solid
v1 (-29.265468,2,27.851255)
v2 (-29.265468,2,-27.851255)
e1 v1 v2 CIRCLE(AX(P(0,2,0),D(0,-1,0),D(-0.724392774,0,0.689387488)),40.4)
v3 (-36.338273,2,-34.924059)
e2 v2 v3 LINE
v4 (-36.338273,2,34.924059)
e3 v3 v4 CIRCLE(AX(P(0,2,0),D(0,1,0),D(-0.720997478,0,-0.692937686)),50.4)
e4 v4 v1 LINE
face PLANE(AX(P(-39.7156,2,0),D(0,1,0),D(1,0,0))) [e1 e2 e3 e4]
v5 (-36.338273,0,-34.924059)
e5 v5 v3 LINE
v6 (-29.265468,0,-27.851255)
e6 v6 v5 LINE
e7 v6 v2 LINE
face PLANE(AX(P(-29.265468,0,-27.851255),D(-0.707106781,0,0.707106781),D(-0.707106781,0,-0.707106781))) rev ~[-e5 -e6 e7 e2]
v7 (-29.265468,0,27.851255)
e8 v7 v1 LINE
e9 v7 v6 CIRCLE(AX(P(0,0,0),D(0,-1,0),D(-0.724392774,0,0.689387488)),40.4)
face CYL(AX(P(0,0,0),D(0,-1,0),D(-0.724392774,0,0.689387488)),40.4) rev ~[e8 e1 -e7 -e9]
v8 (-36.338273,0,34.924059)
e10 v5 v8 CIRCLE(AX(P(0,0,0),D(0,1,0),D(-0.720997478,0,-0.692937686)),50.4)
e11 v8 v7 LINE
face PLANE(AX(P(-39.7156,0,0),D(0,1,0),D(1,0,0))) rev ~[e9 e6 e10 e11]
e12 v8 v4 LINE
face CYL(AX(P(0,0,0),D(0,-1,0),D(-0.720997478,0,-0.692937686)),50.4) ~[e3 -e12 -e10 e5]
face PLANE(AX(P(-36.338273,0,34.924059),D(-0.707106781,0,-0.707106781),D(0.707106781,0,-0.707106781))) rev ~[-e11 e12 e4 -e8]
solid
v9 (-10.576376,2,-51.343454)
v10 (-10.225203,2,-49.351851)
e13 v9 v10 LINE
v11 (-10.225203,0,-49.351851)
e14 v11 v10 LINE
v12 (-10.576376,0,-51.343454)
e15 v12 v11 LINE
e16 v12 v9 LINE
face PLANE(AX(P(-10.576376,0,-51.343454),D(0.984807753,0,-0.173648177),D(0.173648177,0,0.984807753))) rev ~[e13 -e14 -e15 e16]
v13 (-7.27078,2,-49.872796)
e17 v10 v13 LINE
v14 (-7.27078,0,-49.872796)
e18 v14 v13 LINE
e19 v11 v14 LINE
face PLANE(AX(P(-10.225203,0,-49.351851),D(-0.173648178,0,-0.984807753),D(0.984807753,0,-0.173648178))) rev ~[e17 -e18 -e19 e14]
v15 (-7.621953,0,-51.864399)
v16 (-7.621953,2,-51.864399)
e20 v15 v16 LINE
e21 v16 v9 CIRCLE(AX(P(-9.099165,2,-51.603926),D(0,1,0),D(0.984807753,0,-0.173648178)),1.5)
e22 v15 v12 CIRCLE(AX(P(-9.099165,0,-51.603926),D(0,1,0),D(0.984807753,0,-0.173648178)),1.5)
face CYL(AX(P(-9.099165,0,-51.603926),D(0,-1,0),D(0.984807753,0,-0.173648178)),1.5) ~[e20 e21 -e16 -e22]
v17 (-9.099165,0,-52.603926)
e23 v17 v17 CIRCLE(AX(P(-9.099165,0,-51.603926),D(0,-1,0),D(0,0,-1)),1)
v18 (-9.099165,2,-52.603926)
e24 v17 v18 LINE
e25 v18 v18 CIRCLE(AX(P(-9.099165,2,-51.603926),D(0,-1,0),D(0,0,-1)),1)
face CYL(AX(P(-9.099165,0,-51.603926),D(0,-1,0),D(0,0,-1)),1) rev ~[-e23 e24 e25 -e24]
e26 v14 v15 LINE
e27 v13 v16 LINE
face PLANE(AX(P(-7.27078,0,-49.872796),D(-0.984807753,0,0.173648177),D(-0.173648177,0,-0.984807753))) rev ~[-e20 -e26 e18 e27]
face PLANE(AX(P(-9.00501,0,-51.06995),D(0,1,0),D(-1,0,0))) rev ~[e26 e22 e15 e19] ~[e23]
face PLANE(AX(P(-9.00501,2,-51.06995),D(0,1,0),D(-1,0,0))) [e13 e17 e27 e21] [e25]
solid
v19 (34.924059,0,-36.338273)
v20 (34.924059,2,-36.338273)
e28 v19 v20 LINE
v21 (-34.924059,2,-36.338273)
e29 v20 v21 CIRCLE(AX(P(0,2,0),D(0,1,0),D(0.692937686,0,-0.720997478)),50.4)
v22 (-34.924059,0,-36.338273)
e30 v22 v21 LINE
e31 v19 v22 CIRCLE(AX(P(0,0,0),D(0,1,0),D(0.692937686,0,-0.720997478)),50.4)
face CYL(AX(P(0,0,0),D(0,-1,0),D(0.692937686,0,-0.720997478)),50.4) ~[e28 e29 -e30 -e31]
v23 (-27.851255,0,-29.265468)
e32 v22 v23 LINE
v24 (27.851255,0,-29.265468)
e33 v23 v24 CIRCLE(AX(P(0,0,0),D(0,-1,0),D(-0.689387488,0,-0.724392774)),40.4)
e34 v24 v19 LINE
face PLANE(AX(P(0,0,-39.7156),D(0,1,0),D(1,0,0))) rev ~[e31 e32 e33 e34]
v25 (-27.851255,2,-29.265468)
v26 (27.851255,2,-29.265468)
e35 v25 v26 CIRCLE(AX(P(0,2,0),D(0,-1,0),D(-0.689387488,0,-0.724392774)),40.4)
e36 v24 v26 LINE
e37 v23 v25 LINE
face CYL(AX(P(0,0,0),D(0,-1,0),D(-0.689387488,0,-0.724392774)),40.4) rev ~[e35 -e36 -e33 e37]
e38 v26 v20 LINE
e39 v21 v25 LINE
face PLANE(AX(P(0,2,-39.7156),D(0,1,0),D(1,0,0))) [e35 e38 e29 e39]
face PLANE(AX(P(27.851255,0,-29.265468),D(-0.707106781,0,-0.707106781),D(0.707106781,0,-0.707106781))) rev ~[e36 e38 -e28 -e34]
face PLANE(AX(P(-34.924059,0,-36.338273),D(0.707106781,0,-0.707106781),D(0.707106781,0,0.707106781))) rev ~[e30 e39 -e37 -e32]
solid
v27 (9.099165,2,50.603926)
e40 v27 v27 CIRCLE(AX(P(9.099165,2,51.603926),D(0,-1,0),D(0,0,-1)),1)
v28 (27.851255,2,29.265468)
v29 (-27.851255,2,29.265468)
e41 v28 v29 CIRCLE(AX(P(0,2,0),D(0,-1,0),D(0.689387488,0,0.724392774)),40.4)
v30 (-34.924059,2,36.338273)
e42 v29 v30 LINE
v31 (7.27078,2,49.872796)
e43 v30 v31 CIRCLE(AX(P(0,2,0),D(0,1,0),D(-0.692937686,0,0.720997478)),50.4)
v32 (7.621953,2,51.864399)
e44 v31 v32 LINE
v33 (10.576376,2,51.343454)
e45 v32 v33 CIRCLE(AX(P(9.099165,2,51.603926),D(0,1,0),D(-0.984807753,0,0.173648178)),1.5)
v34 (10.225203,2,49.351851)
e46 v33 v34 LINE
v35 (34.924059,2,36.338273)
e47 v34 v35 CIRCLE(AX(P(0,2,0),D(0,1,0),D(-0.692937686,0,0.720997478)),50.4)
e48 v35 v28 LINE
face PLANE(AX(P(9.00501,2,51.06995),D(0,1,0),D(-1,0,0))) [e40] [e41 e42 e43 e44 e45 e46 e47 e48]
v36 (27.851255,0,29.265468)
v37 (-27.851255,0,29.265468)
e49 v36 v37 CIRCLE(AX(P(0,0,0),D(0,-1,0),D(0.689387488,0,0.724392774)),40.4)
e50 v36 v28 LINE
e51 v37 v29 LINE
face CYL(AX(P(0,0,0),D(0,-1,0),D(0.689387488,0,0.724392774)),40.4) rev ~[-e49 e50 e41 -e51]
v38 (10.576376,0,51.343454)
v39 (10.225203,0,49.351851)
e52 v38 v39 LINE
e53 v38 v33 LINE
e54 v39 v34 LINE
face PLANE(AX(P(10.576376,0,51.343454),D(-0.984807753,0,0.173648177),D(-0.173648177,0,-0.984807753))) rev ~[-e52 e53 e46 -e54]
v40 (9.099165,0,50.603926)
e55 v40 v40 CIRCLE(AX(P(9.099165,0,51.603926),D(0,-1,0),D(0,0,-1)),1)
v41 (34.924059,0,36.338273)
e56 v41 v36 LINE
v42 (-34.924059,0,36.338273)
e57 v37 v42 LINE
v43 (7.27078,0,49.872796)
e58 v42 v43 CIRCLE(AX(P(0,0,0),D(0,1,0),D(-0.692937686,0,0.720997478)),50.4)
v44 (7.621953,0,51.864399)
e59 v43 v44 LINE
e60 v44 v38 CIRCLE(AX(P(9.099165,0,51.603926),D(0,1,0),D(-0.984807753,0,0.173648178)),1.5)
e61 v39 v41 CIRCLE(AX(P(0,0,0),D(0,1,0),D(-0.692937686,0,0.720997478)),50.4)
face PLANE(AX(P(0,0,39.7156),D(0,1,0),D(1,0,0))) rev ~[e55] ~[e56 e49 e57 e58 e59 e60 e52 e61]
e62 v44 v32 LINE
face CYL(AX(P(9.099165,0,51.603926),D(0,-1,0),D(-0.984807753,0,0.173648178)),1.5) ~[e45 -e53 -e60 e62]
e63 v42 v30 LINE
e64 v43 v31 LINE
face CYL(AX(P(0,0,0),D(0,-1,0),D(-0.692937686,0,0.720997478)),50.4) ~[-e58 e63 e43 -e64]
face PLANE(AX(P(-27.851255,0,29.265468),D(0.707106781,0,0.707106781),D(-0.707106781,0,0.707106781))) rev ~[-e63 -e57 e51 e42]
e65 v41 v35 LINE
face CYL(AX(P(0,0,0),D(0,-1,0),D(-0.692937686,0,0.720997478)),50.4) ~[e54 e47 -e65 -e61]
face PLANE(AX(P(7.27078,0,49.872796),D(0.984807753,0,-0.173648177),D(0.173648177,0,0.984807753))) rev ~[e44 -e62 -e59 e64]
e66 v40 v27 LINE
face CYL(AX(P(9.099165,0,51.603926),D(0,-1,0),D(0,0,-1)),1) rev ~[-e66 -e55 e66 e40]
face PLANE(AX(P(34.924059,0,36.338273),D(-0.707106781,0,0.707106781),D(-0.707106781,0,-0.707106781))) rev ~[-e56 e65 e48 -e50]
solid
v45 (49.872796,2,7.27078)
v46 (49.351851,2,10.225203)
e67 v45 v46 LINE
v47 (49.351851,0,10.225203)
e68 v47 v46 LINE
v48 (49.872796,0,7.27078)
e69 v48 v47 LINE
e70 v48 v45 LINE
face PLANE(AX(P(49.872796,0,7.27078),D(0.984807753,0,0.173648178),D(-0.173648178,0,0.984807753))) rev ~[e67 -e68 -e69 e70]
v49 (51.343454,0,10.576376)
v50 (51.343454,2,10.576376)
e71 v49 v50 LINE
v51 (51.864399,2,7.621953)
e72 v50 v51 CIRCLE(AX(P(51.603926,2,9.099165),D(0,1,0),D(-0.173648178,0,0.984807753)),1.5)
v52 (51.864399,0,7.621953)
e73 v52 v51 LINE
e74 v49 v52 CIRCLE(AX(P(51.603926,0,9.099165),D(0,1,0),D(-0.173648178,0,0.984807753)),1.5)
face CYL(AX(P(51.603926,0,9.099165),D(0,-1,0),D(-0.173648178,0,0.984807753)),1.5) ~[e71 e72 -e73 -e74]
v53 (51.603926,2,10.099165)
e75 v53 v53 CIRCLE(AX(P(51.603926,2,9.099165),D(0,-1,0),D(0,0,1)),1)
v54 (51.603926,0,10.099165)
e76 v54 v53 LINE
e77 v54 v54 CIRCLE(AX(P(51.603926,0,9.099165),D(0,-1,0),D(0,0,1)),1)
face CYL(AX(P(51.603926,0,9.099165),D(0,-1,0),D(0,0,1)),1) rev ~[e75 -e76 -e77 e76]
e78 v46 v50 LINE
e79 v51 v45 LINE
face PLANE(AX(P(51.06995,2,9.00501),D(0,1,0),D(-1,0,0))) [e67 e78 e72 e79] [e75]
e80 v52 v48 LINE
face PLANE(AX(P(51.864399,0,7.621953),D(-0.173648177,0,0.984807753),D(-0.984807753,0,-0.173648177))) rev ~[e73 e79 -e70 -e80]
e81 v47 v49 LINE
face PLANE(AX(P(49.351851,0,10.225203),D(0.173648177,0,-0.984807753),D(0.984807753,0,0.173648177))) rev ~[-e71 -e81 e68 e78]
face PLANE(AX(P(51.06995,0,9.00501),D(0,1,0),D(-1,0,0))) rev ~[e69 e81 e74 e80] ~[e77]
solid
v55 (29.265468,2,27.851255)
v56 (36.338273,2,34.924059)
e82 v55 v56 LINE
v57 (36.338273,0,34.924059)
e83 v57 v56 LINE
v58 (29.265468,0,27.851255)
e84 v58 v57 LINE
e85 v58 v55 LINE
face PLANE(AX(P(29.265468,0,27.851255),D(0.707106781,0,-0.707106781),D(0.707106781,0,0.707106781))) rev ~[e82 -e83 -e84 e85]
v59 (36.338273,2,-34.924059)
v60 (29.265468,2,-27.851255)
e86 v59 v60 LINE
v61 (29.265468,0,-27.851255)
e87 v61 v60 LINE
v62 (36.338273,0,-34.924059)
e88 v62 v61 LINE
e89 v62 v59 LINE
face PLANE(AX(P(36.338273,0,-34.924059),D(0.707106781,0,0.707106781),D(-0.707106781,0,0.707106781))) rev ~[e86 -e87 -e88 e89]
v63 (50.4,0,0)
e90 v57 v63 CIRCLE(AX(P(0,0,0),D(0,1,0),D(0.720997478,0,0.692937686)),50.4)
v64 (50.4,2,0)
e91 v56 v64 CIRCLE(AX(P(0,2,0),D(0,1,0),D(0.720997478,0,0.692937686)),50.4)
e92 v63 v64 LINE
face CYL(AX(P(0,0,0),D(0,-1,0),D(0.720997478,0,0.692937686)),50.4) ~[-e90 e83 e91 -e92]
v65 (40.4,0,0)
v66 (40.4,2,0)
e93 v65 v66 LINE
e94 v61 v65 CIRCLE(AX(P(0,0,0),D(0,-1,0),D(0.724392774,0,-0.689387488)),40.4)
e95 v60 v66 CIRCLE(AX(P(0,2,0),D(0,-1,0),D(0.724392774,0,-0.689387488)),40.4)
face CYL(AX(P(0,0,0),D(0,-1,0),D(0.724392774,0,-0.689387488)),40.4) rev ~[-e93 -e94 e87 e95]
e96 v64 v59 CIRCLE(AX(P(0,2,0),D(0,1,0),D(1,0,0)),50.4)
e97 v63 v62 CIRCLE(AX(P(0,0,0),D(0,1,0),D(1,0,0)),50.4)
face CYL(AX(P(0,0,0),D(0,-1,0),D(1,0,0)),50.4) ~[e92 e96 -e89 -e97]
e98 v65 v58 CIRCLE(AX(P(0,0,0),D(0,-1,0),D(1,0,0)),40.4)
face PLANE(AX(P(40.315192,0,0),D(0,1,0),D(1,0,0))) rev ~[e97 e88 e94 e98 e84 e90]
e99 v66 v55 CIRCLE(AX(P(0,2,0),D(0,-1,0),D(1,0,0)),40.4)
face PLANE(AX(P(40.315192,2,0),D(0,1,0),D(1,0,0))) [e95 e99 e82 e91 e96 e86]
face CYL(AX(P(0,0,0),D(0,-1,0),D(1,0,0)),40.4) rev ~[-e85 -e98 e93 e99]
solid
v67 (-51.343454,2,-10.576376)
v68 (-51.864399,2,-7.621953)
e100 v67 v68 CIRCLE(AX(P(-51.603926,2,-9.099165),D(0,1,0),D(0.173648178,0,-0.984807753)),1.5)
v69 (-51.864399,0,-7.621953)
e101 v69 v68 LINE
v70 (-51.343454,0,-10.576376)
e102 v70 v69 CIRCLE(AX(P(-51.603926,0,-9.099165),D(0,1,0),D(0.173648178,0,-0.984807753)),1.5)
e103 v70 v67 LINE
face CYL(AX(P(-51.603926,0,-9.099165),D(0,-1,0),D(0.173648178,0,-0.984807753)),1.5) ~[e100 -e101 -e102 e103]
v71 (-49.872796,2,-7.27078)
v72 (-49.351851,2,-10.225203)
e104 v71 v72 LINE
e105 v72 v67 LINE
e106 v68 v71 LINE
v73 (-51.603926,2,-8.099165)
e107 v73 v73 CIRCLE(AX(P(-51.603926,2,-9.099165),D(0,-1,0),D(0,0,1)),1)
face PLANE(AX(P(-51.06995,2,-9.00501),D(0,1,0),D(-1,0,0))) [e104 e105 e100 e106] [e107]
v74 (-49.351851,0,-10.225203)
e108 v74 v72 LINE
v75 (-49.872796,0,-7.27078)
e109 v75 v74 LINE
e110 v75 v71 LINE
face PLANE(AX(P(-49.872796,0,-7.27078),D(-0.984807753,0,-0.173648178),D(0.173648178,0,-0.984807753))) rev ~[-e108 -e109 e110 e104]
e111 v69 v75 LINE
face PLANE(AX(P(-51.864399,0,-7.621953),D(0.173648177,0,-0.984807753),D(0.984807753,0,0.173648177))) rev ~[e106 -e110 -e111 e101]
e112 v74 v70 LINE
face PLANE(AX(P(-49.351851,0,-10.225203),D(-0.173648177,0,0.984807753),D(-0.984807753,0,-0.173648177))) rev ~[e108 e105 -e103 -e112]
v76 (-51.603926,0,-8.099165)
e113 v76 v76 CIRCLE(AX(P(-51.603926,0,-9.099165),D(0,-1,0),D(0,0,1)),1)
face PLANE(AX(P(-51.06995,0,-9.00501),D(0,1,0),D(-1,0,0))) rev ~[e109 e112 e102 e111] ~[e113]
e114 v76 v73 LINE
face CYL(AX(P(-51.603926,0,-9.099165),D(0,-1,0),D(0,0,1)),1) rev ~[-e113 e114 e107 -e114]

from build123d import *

# Parameters (mm, degrees)
EXTRUDE_1_DEPTH   = 2
EXTRUDE_1_2_DEPTH = 2
EXTRUDE_1_3_DEPTH = 2
EXTRUDE_1_4_DEPTH = 2
SKETCH_2_R        = 1
EXTRUDE_2_DEPTH   = 2


with BuildPart() as part:
    # 草图1 → 凸台-拉伸1 (new body)
    with BuildSketch(Plane(origin=(0, 0, 0), x_dir=(1, 0, 0), z_dir=(0, 1, 0))):
        with BuildLine():
            Line((-36.338272914, -34.924059352), (-29.265468079, -27.851254516))
            ThreePointArc((-29.265468079, -27.851254516), (-40.4, 0), (-29.265468079, 27.851254516))
            Line((-29.265468079, 27.851254516), (-36.338272914, 34.924059352))
            ThreePointArc((-36.338272914, 34.924059352), (-50.4, 0), (-36.338272914, -34.924059352))
        make_face()
    extrude(amount=EXTRUDE_1_DEPTH)


with BuildPart() as body_2:
    # 草图1 → Extrude 1 2 (new body)
    with BuildSketch(Plane(origin=(0, 0, 0), x_dir=(1, 0, 0), z_dir=(0, 1, 0))):
        with BuildLine():
            ThreePointArc((-27.851254516, 29.265468079), (0, 40.4), (27.851254516, 29.265468079))
            Line((27.851254516, 29.265468079), (34.924059352, 36.338272914))
            ThreePointArc((34.924059352, 36.338272914), (0, 50.4), (-34.924059352, 36.338272914))
            Line((-34.924059352, 36.338272914), (-27.851254516, 29.265468079))
        make_face()
    extrude(amount=EXTRUDE_1_2_DEPTH)


with BuildPart() as body_3:
    # 草图1 → Extrude 1 3 (new body)
    with BuildSketch(Plane(origin=(0, 0, 0), x_dir=(1, 0, 0), z_dir=(0, 1, 0))):
        with BuildLine():
            Line((36.338272914, 34.924059352), (29.265468079, 27.851254516))
            ThreePointArc((29.265468079, 27.851254516), (37.513230402, 14.997251242), (40.4, 0))
            ThreePointArc((40.4, 0), (37.513230402, -14.997251242), (29.265468079, -27.851254516))
            Line((29.265468079, -27.851254516), (36.338272914, -34.924059352))
            ThreePointArc((36.338272914, -34.924059352), (46.752587922, -18.824333257), (50.4, 0))
            ThreePointArc((50.4, 0), (46.752587922, 18.824333257), (36.338272914, 34.924059352))
        make_face()
    extrude(amount=EXTRUDE_1_3_DEPTH)


with BuildPart() as body_4:
    # 草图1 → Extrude 1 4 (new body)
    with BuildSketch(Plane(origin=(0, 0, 0), x_dir=(1, 0, 0), z_dir=(0, 1, 0))):
        with BuildLine():
            Line((34.924059352, -36.338272914), (27.851254516, -29.265468079))
            ThreePointArc((27.851254516, -29.265468079), (0, -40.4), (-27.851254516, -29.265468079))
            Line((-27.851254516, -29.265468079), (-34.924059352, -36.338272914))
            ThreePointArc((-34.924059352, -36.338272914), (0, -50.4), (34.924059352, -36.338272914))
        make_face()
    extrude(amount=EXTRUDE_1_4_DEPTH)

    # 草图2 → 凸台-拉伸2 (add)
    # profile 1 of 4: a face of its own
    with BuildSketch(Plane.XZ):
        with BuildLine():
            Line((10.22520285, 49.351851299), (7.270779591, 49.872795832))
            Line((7.270779591, 49.872795832), (7.62195288, 51.864398524))
            ThreePointArc((7.62195288, 51.864398524), (9.359636776, 53.081137887), (10.576376139, 51.343453991))
            Line((10.576376139, 51.343453991), (10.22520285, 49.351851299))
        make_face()
        with Locations(Location((9.09916451, 51.603926258, 0), (0, 0, 270))):
            Circle(SKETCH_2_R, mode=Mode.SUBTRACT)
    # profile 2 of 4: a face of its own
    with BuildSketch(Plane.XZ):
        with BuildLine():
            Line((49.351851299, 10.22520285), (51.343453991, 10.576376139))
            ThreePointArc((51.343453991, 10.576376139), (53.081137887, 9.359636776), (51.864398524, 7.62195288))
            Line((51.864398524, 7.62195288), (49.872795832, 7.270779591))
            Line((49.872795832, 7.270779591), (49.351851299, 10.22520285))
        make_face()
        with Locations(Location((51.603926258, 9.09916451, 0), (0, 0, 90))):
            Circle(SKETCH_2_R, mode=Mode.SUBTRACT)
    # profile 3 of 4: a face of its own
    with BuildSketch(Plane.XZ):
        with BuildLine():
            Line((-49.351851299, -10.22520285), (-51.343453991, -10.576376139))
            ThreePointArc((-51.343453991, -10.576376139), (-53.081137887, -9.359636776), (-51.864398524, -7.62195288))
            Line((-51.864398524, -7.62195288), (-49.872795832, -7.270779591))
            Line((-49.872795832, -7.270779591), (-49.351851299, -10.22520285))
        make_face()
        with Locations(Location((-51.603926258, -9.09916451, 0), (0, 0, 90))):
            Circle(SKETCH_2_R, mode=Mode.SUBTRACT)
    # profile 4 of 4: a face of its own
    with BuildSketch(Plane.XZ):
        with BuildLine():
            Line((-10.22520285, -49.351851299), (-7.270779591, -49.872795832))
            Line((-7.270779591, -49.872795832), (-7.62195288, -51.864398524))
            ThreePointArc((-7.62195288, -51.864398524), (-9.359636776, -53.081137887), (-10.576376139, -51.343453991))
            Line((-10.576376139, -51.343453991), (-10.22520285, -49.351851299))
        make_face()
        with Locations(Location((-9.09916451, -51.603926258, 0), (0, 0, 270))):
            Circle(SKETCH_2_R, mode=Mode.SUBTRACT)
    extrude(amount=-EXTRUDE_2_DEPTH)


with BuildPart() as extrude_2_piece_1:
    # of the separate pieces the step leaves, piece 1, a body of its own (extrude_2_pieces)
    add(body_4.part.solids().sort_by_distance((34.924059352, 0, 36.338272914))[0])


with BuildPart() as extrude_2_piece_2:
    # of the separate pieces the step leaves, piece 2, a body of its own (extrude_2_pieces)
    add(body_4.part.solids().sort_by_distance((-10.576376139, 0, -51.343453991))[0])


with BuildPart() as extrude_2_piece_3:
    # of the separate pieces the step leaves, piece 3, a body of its own (extrude_2_pieces)
    add(body_4.part.solids().sort_by_distance((49.351851299, 0, 10.22520285))[0])


with BuildPart() as extrude_2_piece_4:
    # of the separate pieces the step leaves, piece 4, a body of its own (extrude_2_pieces)
    add(body_4.part.solids().sort_by_distance((-51.864398524, 0, -7.62195288))[0])


solid = Compound([part.part, body_2.part, body_3.part, extrude_2_piece_1.part, extrude_2_piece_2.part, extrude_2_piece_3.part, extrude_2_piece_4.part])
